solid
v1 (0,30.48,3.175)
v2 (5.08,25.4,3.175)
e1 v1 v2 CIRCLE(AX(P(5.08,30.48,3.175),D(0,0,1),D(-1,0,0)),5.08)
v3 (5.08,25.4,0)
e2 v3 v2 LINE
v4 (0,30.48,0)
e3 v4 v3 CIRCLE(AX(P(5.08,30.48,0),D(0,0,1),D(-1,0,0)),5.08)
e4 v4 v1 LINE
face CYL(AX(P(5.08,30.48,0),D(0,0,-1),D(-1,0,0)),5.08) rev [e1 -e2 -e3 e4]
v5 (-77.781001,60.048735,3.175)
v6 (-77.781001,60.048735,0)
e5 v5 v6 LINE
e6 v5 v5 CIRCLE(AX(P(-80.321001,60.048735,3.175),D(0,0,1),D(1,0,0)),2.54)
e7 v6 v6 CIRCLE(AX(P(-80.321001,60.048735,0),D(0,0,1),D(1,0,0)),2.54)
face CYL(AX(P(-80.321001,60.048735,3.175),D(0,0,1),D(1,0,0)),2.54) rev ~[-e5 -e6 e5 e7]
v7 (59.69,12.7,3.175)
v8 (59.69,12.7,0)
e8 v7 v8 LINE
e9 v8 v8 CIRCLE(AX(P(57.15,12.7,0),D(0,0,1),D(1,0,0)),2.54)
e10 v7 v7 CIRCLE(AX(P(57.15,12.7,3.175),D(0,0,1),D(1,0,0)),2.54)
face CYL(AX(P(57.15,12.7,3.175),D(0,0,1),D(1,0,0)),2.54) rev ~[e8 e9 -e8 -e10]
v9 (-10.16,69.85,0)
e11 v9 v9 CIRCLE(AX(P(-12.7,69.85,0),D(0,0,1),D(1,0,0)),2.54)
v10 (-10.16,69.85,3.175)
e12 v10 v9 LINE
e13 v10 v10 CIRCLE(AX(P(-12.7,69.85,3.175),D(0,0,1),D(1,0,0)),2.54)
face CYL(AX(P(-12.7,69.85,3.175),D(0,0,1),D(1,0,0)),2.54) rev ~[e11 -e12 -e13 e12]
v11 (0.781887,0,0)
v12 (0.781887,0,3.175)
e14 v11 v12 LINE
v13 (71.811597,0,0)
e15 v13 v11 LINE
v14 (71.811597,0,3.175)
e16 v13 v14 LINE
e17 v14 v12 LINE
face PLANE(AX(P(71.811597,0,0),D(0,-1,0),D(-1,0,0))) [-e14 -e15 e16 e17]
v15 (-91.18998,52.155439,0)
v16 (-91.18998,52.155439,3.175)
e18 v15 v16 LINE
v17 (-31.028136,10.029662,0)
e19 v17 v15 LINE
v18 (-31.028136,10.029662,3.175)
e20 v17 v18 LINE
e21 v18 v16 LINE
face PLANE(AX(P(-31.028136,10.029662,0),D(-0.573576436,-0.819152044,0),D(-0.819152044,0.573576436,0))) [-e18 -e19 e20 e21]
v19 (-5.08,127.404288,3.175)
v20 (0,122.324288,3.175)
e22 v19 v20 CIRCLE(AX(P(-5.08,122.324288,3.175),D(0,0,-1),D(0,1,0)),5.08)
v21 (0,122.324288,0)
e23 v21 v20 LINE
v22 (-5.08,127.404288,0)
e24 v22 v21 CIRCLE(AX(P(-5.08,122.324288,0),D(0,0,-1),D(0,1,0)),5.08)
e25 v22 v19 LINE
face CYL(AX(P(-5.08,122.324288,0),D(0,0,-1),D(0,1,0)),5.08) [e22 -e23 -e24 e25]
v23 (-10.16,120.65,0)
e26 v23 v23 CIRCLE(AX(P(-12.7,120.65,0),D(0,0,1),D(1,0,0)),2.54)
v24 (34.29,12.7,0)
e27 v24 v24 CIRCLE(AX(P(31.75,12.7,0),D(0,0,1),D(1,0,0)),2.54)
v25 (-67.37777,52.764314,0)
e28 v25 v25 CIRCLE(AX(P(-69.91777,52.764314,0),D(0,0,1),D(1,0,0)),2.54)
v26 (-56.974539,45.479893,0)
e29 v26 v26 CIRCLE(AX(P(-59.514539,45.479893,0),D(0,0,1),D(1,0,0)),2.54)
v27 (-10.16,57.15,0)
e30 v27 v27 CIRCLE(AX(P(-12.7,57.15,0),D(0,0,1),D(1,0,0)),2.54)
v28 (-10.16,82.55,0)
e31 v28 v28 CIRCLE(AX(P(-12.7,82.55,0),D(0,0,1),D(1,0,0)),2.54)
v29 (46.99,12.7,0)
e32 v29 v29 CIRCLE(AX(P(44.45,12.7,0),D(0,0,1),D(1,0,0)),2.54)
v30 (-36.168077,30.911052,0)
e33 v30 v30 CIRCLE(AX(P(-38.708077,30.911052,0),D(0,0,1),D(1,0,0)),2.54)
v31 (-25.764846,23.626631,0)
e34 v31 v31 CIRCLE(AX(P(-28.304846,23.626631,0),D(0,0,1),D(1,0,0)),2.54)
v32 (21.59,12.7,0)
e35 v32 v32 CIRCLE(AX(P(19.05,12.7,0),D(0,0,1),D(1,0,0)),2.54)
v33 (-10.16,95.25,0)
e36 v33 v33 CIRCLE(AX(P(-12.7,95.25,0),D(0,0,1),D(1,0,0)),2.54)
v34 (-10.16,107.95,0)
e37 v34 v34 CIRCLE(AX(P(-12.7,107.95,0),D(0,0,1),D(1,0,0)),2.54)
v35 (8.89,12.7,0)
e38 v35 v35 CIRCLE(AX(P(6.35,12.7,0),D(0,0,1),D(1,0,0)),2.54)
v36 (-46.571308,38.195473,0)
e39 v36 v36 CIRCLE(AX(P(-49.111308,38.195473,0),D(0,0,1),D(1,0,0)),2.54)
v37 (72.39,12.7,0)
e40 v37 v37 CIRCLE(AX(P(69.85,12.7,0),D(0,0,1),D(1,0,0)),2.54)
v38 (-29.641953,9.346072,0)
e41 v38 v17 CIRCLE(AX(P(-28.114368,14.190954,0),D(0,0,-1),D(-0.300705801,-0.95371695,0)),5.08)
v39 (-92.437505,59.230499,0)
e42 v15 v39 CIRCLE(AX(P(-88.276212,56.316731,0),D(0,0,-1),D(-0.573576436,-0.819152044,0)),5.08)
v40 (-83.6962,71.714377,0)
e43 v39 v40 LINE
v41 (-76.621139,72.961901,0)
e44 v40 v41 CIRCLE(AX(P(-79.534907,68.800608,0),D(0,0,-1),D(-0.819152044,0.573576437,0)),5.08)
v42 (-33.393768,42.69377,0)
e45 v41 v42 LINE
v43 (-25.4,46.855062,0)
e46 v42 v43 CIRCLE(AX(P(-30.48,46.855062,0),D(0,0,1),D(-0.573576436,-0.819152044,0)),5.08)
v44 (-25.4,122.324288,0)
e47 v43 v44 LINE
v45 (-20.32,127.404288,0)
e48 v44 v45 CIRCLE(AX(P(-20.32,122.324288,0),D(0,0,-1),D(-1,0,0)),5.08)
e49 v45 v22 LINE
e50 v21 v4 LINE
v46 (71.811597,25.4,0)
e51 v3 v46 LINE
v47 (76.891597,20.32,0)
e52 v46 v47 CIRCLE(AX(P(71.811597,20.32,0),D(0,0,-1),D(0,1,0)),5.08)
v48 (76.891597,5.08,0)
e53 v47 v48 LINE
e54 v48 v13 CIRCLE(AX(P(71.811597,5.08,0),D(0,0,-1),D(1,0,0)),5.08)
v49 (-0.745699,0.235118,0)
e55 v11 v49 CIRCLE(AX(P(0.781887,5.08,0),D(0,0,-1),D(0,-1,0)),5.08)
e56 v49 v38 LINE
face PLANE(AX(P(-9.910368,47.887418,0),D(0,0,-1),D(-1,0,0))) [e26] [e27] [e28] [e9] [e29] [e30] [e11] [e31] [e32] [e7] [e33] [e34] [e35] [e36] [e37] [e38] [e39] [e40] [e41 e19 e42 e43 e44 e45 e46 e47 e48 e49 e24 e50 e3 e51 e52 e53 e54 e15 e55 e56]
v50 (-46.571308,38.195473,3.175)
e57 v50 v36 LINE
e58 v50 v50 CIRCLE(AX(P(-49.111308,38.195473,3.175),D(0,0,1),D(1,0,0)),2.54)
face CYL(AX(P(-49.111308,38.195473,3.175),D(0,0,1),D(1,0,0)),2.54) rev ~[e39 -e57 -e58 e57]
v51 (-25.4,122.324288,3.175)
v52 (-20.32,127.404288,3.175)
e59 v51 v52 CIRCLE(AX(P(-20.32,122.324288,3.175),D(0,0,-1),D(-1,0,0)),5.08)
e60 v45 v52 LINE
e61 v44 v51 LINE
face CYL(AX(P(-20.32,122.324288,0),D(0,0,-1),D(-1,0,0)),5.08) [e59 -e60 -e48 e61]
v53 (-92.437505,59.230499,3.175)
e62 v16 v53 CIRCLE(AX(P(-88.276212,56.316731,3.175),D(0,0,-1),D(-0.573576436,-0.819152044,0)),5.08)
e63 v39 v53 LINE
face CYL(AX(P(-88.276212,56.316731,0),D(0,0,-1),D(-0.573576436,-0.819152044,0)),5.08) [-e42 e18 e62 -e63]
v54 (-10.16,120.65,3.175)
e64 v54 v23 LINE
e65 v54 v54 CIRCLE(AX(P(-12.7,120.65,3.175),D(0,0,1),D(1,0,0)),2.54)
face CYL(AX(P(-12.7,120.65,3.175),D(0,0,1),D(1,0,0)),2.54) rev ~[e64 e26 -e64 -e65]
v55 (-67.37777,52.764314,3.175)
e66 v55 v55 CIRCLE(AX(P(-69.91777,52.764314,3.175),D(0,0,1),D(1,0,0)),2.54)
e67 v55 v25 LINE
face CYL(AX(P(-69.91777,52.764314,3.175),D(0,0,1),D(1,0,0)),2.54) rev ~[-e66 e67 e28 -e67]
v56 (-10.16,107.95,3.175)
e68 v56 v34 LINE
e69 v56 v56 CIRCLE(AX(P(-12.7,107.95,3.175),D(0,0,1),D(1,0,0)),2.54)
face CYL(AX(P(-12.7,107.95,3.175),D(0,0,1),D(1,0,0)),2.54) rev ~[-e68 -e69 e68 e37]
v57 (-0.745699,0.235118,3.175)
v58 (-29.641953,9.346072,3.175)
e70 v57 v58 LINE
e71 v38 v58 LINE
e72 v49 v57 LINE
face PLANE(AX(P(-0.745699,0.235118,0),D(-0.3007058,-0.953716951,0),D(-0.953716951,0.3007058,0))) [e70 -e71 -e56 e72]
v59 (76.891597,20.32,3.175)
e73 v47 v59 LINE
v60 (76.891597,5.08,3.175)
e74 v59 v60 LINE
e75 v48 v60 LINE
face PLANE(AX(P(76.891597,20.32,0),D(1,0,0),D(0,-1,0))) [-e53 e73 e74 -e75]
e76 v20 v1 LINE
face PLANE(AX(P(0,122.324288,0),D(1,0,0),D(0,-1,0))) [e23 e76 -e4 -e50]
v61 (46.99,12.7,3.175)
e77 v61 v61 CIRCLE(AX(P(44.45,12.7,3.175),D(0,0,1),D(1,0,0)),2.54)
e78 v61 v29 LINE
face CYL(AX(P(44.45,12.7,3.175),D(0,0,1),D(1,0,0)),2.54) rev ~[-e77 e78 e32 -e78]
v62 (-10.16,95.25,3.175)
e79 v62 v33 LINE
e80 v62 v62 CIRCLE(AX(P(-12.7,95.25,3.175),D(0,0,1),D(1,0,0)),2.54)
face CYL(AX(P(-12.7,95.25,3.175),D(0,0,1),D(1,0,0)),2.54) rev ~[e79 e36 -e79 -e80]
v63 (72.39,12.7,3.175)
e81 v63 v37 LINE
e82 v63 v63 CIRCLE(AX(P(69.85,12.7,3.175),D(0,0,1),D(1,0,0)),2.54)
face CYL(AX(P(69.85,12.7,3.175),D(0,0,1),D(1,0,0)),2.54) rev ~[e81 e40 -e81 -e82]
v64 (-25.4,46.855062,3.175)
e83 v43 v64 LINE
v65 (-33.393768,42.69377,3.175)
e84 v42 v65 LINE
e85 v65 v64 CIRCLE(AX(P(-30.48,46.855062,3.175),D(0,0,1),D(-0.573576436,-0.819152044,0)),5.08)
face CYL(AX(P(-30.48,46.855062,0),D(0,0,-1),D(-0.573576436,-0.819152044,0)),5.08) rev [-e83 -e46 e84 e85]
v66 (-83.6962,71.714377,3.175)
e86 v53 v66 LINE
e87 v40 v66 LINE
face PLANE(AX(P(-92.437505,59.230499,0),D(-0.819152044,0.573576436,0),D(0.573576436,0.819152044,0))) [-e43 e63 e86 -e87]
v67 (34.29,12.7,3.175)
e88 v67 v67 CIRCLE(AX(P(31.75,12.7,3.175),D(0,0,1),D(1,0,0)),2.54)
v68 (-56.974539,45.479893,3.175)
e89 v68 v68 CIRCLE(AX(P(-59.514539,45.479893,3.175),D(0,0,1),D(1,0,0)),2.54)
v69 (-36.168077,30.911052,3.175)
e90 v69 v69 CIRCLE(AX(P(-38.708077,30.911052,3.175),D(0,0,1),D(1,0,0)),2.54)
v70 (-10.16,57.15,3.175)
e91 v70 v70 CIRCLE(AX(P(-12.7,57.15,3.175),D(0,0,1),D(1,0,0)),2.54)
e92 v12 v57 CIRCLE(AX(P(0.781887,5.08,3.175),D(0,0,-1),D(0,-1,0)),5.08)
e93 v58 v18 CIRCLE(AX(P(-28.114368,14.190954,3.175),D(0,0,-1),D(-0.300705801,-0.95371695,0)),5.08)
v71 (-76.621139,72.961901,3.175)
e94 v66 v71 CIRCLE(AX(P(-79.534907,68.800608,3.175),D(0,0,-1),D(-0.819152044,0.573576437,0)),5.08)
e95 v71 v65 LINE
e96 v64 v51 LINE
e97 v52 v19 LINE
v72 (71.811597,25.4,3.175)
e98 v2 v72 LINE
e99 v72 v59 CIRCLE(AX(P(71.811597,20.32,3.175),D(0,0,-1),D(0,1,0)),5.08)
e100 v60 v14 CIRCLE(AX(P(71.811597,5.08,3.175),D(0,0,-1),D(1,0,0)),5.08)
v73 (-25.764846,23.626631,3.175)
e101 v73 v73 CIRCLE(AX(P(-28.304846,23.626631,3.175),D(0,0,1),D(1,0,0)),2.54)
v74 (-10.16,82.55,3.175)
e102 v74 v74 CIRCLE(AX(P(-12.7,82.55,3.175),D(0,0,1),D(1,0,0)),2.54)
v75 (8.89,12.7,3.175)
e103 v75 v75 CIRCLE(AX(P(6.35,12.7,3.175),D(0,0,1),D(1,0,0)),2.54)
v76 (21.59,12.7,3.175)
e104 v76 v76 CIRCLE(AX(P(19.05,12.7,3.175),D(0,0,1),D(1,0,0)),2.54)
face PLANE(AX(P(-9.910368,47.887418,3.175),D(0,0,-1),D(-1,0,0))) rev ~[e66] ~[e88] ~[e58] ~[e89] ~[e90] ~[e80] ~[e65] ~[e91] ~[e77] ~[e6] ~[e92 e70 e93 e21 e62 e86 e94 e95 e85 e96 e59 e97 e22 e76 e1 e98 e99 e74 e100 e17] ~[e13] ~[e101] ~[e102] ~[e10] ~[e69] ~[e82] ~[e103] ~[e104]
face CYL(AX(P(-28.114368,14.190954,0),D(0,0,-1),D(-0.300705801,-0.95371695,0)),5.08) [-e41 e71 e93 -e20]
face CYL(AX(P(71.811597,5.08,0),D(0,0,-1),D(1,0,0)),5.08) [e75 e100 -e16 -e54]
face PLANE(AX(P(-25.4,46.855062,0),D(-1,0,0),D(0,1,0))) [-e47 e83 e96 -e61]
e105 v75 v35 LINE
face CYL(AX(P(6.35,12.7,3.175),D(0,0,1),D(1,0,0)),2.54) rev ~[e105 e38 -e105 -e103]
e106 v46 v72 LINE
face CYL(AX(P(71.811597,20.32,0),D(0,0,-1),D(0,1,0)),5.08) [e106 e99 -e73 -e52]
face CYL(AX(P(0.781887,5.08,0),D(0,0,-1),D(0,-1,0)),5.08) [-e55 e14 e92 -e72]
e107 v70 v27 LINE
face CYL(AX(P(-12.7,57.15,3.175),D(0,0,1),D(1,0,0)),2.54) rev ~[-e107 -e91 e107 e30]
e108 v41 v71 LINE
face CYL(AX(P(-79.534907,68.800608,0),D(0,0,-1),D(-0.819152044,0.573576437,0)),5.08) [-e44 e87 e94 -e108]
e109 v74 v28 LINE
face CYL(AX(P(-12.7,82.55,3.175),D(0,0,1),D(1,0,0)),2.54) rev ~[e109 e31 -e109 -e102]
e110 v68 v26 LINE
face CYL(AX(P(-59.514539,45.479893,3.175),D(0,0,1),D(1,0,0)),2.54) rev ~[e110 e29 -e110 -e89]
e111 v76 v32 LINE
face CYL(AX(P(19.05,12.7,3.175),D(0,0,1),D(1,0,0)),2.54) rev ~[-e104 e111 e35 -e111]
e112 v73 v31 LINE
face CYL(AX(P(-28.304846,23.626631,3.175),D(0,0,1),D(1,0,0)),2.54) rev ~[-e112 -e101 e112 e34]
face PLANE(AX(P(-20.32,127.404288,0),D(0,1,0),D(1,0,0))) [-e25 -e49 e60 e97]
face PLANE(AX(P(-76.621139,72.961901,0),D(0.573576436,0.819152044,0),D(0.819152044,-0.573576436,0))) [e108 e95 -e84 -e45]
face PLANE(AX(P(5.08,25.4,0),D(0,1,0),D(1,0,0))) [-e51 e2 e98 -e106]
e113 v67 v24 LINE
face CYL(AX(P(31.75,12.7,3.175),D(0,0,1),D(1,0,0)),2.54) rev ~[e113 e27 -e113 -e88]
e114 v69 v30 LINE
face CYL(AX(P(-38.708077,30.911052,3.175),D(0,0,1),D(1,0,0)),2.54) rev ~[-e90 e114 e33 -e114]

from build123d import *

# Parameters (mm, degrees)
BOSS_EXTRUDE1_DEPTH     = 3.175
CUT_EXTRUDE5_START      = 3.175
SKETCH3_R               = 2.54
CUT_EXTRUDE5_DEPTH      = 4.175
CUT_EXTRUDE5_DEPTH_BACK = 4.175


with BuildPart() as part:
    # Sketch2 → Boss-Extrude1 (new body)
    with BuildSketch(Plane.XY):
        with BuildLine():
            Line((-20.32, 127.404287689), (-5.08, 127.404287689))
            ThreePointArc((-5.08, 127.404287689), (-1.487897552, 125.916390137), (0, 122.324287689))
            Line((0, 122.324287689), (0, 50.8))
            Line((0, 50.8), (0, 30.48))
            ThreePointArc((0, 30.48), (1.487897552, 26.887897552), (5.08, 25.4))
            Line((5.08, 25.4), (71.811597359, 25.4))
            ThreePointArc((71.811597359, 25.4), (75.403699807, 23.912102448), (76.891597359, 20.32))
            Line((76.891597359, 20.32), (76.891597359, 5.08))
            ThreePointArc((76.891597359, 5.08), (75.403699807, 1.487897552), (71.811597359, 0))
            Line((71.811597359, 0), (0.781886783, 0))
            ThreePointArc((0.781886783, 0), (0.009099981, 0.059123527), (-0.745698678, 0.23511789))
            Line((-0.745698678, 0.23511789), (-29.641953026, 9.346071889))
            ThreePointArc((-29.641953026, 9.346071889), (-30.36119411, 9.634840472), (-31.028135861, 10.029661614))
            Line((-31.028135861, 10.029661614), (-91.189980426, 52.155438691))
            ThreePointArc((-91.189980426, 52.155438691), (-93.279035515, 55.434598334), (-92.437504515, 59.230499373))
            Line((-92.437504515, 59.230499373), (-83.696199625, 71.714376528))
            ThreePointArc((-83.696199625, 71.714376528), (-80.417039982, 73.803431616), (-76.621138943, 72.961900616))
            Line((-76.621138943, 72.961900616), (-33.393768297, 42.693769833))
            ThreePointArc((-33.393768297, 42.693769833), (-28.134317045, 42.349047185), (-25.4, 46.855062218))
            Line((-25.4, 46.855062218), (-25.4, 122.324287689))
            ThreePointArc((-25.4, 122.324287689), (-23.912102448, 125.916390137), (-20.32, 127.404287689))
        make_face()
    extrude(amount=BOSS_EXTRUDE1_DEPTH)

    # Sketch3 → Cut-Extrude5 (cut, two sides)
    with BuildSketch(Plane.XY.offset(CUT_EXTRUDE5_START)) as cut_extrude5_sk:
        with Locations((-12.7, 57.15)):
            Circle(SKETCH3_R)
        with Locations((6.35, 12.7)):
            Circle(SKETCH3_R)
        with Locations((-28.304846444, 23.626631112)):
            Circle(SKETCH3_R)
        with Locations((-38.708077406, 30.911051854)):
            Circle(SKETCH3_R)
        with Locations((-49.111308369, 38.195472596)):
            Circle(SKETCH3_R)
        with Locations((-59.514539331, 45.479893337)):
            Circle(SKETCH3_R)
        with Locations((-69.917770294, 52.764314079)):
            Circle(SKETCH3_R)
        with Locations((-80.321001256, 60.048734821)):
            Circle(SKETCH3_R)
        with Locations((-12.7, 69.85)):
            Circle(SKETCH3_R)
        with Locations((-12.7, 82.55)):
            Circle(SKETCH3_R)
        with Locations((-12.7, 95.25)):
            Circle(SKETCH3_R)
        with Locations((-12.7, 107.95)):
            Circle(SKETCH3_R)
        with Locations((-12.7, 120.65)):
            Circle(SKETCH3_R)
        with Locations((19.05, 12.7)):
            Circle(SKETCH3_R)
        with Locations((31.75, 12.7)):
            Circle(SKETCH3_R)
        with Locations((44.45, 12.7)):
            Circle(SKETCH3_R)
        with Locations((57.15, 12.7)):
            Circle(SKETCH3_R)
        with Locations((69.85, 12.7)):
            Circle(SKETCH3_R)
    extrude(amount=CUT_EXTRUDE5_DEPTH, mode=Mode.SUBTRACT)
    extrude(cut_extrude5_sk.sketch, amount=-CUT_EXTRUDE5_DEPTH_BACK, mode=Mode.SUBTRACT)


solid = part.part
